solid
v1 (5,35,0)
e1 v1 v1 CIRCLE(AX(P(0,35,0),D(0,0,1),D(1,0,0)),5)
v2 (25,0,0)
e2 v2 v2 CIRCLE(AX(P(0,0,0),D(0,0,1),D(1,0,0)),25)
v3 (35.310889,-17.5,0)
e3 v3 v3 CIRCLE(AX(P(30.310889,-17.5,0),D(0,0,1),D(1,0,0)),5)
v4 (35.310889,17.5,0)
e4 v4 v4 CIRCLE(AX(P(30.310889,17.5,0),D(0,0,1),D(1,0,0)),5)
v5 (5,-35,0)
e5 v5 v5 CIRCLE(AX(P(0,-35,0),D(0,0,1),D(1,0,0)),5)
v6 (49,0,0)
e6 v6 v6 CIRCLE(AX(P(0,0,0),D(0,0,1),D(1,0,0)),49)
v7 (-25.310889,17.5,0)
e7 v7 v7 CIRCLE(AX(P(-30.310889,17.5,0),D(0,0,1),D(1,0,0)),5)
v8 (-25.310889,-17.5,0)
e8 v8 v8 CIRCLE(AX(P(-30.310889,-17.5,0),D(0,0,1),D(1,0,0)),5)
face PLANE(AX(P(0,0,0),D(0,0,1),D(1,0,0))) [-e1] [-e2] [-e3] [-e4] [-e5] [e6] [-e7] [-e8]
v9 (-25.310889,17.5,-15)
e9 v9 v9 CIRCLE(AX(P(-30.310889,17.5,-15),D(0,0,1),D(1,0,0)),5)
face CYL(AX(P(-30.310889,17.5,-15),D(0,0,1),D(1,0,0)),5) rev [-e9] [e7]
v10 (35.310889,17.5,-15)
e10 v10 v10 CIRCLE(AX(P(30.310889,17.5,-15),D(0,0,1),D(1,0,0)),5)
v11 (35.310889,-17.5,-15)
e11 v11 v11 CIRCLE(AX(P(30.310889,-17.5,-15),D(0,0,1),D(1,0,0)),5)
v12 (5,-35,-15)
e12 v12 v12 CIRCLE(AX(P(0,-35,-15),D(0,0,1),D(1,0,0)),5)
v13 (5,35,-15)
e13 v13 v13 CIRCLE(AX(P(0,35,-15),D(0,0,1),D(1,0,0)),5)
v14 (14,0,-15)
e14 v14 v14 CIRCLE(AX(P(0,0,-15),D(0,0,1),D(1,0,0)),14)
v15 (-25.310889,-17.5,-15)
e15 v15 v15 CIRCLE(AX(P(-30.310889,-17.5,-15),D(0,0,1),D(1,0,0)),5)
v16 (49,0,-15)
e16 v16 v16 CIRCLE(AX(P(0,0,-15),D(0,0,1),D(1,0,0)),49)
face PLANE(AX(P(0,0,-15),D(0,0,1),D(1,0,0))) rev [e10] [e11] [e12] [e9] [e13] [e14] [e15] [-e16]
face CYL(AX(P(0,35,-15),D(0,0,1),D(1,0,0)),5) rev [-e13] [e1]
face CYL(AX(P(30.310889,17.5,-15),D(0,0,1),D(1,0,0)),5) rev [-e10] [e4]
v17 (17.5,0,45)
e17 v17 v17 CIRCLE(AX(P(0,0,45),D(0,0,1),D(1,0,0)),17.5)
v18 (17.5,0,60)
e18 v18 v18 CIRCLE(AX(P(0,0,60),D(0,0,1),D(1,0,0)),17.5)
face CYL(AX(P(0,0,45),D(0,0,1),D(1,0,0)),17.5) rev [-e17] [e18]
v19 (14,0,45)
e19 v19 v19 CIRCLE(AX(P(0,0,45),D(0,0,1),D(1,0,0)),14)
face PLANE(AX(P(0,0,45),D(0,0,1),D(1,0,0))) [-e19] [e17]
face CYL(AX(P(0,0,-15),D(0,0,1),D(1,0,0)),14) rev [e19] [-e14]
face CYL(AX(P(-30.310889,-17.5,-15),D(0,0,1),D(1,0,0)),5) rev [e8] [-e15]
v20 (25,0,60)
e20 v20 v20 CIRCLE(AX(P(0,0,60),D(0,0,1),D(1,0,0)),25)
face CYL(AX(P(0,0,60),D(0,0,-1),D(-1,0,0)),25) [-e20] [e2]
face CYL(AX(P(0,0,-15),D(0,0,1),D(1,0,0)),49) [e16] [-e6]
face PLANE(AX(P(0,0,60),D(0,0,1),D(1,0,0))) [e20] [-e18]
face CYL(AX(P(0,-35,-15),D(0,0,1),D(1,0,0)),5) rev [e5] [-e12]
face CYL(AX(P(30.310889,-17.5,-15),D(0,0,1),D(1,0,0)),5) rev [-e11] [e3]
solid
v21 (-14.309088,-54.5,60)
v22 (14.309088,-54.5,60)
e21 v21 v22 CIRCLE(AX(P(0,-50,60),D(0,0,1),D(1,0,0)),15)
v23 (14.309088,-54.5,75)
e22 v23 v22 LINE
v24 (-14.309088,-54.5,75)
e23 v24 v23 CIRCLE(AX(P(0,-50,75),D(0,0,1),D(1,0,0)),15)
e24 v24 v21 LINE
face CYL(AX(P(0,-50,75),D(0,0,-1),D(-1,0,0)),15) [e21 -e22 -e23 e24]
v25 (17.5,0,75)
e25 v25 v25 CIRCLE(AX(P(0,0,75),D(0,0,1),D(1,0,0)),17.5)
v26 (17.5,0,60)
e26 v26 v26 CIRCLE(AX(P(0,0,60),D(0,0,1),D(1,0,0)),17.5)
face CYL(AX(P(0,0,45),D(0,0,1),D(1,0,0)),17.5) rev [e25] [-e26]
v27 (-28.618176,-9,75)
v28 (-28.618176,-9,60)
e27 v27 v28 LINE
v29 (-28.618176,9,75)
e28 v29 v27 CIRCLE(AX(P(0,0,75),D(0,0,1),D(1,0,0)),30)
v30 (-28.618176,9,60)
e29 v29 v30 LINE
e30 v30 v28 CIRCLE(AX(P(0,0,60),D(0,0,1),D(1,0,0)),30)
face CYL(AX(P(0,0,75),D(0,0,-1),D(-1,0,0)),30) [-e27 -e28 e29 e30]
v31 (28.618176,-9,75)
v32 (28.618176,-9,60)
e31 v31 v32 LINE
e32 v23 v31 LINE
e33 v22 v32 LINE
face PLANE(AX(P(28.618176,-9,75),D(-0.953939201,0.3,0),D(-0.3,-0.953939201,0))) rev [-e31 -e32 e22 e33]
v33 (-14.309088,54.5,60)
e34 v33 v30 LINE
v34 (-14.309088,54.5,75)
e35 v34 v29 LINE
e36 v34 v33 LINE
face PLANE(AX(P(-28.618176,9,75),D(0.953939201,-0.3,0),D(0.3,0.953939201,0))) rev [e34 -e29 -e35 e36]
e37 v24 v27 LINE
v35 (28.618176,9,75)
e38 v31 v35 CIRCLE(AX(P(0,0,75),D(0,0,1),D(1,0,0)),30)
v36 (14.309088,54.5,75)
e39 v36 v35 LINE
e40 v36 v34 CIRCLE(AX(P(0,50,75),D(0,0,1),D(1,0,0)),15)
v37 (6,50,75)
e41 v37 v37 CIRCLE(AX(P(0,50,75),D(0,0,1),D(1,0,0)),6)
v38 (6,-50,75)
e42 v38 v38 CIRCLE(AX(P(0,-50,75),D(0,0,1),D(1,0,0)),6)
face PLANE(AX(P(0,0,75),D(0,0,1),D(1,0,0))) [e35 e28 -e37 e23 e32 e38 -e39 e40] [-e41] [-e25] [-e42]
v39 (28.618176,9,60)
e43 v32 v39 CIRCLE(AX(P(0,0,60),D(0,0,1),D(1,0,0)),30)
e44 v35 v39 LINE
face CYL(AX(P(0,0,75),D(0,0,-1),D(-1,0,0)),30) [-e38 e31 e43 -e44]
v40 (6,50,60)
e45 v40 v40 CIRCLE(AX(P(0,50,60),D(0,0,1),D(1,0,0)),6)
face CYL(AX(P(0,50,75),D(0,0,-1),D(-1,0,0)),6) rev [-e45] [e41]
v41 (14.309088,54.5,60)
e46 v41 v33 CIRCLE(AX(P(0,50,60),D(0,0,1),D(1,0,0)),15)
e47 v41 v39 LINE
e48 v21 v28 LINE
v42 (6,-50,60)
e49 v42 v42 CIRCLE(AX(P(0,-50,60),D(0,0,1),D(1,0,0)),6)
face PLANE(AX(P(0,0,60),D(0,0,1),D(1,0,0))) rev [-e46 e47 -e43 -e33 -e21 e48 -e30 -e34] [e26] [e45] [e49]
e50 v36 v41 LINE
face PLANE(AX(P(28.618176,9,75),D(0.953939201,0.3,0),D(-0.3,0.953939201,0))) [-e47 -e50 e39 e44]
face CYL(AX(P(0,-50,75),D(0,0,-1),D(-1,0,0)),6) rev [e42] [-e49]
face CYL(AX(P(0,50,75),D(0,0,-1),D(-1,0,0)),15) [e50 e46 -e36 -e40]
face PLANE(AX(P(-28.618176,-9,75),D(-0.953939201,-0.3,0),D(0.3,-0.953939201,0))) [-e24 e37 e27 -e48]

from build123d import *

# Parameters (mm, degrees)
SKETCH1_R           = 49
SKETCH1_R_2         = 5
BOSS_EXTRUDE1_DEPTH = 15
SKETCH1_3_R         = 25
BOSS_EXTRUDE2_DEPTH = 60
SKETCH2_R           = 6
BOSS_EXTRUDE3_DEPTH = 15
SKETCH3_R           = 17.5
CUT_EXTRUDE1_DEPTH  = 30
SKETCH4_R           = 14
CUT_EXTRUDE2_DEPTH  = 102.123686642


with BuildPart() as part:
    # Sketch1 → Boss-Extrude1 (new body)
    with BuildSketch(Plane.XY):
        Circle(SKETCH1_R)
        with Locations((-30.310889132, -17.5)):
            Circle(SKETCH1_R_2, mode=Mode.SUBTRACT)
        with Locations((0, -35)):
            Circle(SKETCH1_R_2, mode=Mode.SUBTRACT)
        with Locations((30.310889132, -17.5)):
            Circle(SKETCH1_R_2, mode=Mode.SUBTRACT)
        with Locations((-30.310889132, 17.5)):
            Circle(SKETCH1_R_2, mode=Mode.SUBTRACT)
        with Locations((30.310889132, 17.5)):
            Circle(SKETCH1_R_2, mode=Mode.SUBTRACT)
        with Locations((0, 35)):
            Circle(SKETCH1_R_2, mode=Mode.SUBTRACT)
    extrude(amount=-BOSS_EXTRUDE1_DEPTH)

    # Sketch1<3> → Boss-Extrude2 (add)
    with BuildSketch(Plane.XY):
        Circle(SKETCH1_3_R)
    extrude(amount=BOSS_EXTRUDE2_DEPTH)


with BuildPart() as body_2:
    # Sketch2 → Boss-Extrude3 (new body)
    with BuildSketch(Plane.XY.offset(60)):
        with BuildLine():
            Line((28.618176043, 9), (14.309088021, 54.5))
            ThreePointArc((14.309088021, 54.5), (0, 65), (-14.309088021, 54.5))
            Line((-14.309088021, 54.5), (-28.618176043, 9))
            ThreePointArc((-28.618176043, 9), (-30, 0), (-28.618176043, -9))
            Line((-28.618176043, -9), (-14.309088021, -54.5))
            ThreePointArc((-14.309088021, -54.5), (0, -65), (14.309088021, -54.5))
            Line((14.309088021, -54.5), (28.618176043, -9))
            ThreePointArc((28.618176043, -9), (30, 0), (28.618176043, 9))
        make_face()
        with Locations((0, 50)):
            Circle(SKETCH2_R, mode=Mode.SUBTRACT)
        with Locations((0, -50)):
            Circle(SKETCH2_R, mode=Mode.SUBTRACT)
    extrude(amount=BOSS_EXTRUDE3_DEPTH)


with BuildPart() as cut_extrude1_tool:
    # Sketch3 → Cut-Extrude1 (new body)
    with BuildSketch(Plane.XY.offset(75)):
        Circle(SKETCH3_R)
    extrude(amount=-CUT_EXTRUDE1_DEPTH)


with BuildPart() as part_1:
    add(part.part)

    # Cut-Extrude1: cut by cut_extrude1_tool
    add(cut_extrude1_tool.part, mode=Mode.SUBTRACT)

    # Sketch4 → Cut-Extrude2 (cut, through all)
    with BuildSketch(Plane.XY.offset(45)):
        Circle(SKETCH4_R)
    extrude(amount=-CUT_EXTRUDE2_DEPTH, mode=Mode.SUBTRACT)


with BuildPart() as body_2_1:
    add(body_2.part)

    # Cut-Extrude1: cut by cut_extrude1_tool
    add(cut_extrude1_tool.part, mode=Mode.SUBTRACT)


solid = Compound([part_1.part, body_2_1.part])
